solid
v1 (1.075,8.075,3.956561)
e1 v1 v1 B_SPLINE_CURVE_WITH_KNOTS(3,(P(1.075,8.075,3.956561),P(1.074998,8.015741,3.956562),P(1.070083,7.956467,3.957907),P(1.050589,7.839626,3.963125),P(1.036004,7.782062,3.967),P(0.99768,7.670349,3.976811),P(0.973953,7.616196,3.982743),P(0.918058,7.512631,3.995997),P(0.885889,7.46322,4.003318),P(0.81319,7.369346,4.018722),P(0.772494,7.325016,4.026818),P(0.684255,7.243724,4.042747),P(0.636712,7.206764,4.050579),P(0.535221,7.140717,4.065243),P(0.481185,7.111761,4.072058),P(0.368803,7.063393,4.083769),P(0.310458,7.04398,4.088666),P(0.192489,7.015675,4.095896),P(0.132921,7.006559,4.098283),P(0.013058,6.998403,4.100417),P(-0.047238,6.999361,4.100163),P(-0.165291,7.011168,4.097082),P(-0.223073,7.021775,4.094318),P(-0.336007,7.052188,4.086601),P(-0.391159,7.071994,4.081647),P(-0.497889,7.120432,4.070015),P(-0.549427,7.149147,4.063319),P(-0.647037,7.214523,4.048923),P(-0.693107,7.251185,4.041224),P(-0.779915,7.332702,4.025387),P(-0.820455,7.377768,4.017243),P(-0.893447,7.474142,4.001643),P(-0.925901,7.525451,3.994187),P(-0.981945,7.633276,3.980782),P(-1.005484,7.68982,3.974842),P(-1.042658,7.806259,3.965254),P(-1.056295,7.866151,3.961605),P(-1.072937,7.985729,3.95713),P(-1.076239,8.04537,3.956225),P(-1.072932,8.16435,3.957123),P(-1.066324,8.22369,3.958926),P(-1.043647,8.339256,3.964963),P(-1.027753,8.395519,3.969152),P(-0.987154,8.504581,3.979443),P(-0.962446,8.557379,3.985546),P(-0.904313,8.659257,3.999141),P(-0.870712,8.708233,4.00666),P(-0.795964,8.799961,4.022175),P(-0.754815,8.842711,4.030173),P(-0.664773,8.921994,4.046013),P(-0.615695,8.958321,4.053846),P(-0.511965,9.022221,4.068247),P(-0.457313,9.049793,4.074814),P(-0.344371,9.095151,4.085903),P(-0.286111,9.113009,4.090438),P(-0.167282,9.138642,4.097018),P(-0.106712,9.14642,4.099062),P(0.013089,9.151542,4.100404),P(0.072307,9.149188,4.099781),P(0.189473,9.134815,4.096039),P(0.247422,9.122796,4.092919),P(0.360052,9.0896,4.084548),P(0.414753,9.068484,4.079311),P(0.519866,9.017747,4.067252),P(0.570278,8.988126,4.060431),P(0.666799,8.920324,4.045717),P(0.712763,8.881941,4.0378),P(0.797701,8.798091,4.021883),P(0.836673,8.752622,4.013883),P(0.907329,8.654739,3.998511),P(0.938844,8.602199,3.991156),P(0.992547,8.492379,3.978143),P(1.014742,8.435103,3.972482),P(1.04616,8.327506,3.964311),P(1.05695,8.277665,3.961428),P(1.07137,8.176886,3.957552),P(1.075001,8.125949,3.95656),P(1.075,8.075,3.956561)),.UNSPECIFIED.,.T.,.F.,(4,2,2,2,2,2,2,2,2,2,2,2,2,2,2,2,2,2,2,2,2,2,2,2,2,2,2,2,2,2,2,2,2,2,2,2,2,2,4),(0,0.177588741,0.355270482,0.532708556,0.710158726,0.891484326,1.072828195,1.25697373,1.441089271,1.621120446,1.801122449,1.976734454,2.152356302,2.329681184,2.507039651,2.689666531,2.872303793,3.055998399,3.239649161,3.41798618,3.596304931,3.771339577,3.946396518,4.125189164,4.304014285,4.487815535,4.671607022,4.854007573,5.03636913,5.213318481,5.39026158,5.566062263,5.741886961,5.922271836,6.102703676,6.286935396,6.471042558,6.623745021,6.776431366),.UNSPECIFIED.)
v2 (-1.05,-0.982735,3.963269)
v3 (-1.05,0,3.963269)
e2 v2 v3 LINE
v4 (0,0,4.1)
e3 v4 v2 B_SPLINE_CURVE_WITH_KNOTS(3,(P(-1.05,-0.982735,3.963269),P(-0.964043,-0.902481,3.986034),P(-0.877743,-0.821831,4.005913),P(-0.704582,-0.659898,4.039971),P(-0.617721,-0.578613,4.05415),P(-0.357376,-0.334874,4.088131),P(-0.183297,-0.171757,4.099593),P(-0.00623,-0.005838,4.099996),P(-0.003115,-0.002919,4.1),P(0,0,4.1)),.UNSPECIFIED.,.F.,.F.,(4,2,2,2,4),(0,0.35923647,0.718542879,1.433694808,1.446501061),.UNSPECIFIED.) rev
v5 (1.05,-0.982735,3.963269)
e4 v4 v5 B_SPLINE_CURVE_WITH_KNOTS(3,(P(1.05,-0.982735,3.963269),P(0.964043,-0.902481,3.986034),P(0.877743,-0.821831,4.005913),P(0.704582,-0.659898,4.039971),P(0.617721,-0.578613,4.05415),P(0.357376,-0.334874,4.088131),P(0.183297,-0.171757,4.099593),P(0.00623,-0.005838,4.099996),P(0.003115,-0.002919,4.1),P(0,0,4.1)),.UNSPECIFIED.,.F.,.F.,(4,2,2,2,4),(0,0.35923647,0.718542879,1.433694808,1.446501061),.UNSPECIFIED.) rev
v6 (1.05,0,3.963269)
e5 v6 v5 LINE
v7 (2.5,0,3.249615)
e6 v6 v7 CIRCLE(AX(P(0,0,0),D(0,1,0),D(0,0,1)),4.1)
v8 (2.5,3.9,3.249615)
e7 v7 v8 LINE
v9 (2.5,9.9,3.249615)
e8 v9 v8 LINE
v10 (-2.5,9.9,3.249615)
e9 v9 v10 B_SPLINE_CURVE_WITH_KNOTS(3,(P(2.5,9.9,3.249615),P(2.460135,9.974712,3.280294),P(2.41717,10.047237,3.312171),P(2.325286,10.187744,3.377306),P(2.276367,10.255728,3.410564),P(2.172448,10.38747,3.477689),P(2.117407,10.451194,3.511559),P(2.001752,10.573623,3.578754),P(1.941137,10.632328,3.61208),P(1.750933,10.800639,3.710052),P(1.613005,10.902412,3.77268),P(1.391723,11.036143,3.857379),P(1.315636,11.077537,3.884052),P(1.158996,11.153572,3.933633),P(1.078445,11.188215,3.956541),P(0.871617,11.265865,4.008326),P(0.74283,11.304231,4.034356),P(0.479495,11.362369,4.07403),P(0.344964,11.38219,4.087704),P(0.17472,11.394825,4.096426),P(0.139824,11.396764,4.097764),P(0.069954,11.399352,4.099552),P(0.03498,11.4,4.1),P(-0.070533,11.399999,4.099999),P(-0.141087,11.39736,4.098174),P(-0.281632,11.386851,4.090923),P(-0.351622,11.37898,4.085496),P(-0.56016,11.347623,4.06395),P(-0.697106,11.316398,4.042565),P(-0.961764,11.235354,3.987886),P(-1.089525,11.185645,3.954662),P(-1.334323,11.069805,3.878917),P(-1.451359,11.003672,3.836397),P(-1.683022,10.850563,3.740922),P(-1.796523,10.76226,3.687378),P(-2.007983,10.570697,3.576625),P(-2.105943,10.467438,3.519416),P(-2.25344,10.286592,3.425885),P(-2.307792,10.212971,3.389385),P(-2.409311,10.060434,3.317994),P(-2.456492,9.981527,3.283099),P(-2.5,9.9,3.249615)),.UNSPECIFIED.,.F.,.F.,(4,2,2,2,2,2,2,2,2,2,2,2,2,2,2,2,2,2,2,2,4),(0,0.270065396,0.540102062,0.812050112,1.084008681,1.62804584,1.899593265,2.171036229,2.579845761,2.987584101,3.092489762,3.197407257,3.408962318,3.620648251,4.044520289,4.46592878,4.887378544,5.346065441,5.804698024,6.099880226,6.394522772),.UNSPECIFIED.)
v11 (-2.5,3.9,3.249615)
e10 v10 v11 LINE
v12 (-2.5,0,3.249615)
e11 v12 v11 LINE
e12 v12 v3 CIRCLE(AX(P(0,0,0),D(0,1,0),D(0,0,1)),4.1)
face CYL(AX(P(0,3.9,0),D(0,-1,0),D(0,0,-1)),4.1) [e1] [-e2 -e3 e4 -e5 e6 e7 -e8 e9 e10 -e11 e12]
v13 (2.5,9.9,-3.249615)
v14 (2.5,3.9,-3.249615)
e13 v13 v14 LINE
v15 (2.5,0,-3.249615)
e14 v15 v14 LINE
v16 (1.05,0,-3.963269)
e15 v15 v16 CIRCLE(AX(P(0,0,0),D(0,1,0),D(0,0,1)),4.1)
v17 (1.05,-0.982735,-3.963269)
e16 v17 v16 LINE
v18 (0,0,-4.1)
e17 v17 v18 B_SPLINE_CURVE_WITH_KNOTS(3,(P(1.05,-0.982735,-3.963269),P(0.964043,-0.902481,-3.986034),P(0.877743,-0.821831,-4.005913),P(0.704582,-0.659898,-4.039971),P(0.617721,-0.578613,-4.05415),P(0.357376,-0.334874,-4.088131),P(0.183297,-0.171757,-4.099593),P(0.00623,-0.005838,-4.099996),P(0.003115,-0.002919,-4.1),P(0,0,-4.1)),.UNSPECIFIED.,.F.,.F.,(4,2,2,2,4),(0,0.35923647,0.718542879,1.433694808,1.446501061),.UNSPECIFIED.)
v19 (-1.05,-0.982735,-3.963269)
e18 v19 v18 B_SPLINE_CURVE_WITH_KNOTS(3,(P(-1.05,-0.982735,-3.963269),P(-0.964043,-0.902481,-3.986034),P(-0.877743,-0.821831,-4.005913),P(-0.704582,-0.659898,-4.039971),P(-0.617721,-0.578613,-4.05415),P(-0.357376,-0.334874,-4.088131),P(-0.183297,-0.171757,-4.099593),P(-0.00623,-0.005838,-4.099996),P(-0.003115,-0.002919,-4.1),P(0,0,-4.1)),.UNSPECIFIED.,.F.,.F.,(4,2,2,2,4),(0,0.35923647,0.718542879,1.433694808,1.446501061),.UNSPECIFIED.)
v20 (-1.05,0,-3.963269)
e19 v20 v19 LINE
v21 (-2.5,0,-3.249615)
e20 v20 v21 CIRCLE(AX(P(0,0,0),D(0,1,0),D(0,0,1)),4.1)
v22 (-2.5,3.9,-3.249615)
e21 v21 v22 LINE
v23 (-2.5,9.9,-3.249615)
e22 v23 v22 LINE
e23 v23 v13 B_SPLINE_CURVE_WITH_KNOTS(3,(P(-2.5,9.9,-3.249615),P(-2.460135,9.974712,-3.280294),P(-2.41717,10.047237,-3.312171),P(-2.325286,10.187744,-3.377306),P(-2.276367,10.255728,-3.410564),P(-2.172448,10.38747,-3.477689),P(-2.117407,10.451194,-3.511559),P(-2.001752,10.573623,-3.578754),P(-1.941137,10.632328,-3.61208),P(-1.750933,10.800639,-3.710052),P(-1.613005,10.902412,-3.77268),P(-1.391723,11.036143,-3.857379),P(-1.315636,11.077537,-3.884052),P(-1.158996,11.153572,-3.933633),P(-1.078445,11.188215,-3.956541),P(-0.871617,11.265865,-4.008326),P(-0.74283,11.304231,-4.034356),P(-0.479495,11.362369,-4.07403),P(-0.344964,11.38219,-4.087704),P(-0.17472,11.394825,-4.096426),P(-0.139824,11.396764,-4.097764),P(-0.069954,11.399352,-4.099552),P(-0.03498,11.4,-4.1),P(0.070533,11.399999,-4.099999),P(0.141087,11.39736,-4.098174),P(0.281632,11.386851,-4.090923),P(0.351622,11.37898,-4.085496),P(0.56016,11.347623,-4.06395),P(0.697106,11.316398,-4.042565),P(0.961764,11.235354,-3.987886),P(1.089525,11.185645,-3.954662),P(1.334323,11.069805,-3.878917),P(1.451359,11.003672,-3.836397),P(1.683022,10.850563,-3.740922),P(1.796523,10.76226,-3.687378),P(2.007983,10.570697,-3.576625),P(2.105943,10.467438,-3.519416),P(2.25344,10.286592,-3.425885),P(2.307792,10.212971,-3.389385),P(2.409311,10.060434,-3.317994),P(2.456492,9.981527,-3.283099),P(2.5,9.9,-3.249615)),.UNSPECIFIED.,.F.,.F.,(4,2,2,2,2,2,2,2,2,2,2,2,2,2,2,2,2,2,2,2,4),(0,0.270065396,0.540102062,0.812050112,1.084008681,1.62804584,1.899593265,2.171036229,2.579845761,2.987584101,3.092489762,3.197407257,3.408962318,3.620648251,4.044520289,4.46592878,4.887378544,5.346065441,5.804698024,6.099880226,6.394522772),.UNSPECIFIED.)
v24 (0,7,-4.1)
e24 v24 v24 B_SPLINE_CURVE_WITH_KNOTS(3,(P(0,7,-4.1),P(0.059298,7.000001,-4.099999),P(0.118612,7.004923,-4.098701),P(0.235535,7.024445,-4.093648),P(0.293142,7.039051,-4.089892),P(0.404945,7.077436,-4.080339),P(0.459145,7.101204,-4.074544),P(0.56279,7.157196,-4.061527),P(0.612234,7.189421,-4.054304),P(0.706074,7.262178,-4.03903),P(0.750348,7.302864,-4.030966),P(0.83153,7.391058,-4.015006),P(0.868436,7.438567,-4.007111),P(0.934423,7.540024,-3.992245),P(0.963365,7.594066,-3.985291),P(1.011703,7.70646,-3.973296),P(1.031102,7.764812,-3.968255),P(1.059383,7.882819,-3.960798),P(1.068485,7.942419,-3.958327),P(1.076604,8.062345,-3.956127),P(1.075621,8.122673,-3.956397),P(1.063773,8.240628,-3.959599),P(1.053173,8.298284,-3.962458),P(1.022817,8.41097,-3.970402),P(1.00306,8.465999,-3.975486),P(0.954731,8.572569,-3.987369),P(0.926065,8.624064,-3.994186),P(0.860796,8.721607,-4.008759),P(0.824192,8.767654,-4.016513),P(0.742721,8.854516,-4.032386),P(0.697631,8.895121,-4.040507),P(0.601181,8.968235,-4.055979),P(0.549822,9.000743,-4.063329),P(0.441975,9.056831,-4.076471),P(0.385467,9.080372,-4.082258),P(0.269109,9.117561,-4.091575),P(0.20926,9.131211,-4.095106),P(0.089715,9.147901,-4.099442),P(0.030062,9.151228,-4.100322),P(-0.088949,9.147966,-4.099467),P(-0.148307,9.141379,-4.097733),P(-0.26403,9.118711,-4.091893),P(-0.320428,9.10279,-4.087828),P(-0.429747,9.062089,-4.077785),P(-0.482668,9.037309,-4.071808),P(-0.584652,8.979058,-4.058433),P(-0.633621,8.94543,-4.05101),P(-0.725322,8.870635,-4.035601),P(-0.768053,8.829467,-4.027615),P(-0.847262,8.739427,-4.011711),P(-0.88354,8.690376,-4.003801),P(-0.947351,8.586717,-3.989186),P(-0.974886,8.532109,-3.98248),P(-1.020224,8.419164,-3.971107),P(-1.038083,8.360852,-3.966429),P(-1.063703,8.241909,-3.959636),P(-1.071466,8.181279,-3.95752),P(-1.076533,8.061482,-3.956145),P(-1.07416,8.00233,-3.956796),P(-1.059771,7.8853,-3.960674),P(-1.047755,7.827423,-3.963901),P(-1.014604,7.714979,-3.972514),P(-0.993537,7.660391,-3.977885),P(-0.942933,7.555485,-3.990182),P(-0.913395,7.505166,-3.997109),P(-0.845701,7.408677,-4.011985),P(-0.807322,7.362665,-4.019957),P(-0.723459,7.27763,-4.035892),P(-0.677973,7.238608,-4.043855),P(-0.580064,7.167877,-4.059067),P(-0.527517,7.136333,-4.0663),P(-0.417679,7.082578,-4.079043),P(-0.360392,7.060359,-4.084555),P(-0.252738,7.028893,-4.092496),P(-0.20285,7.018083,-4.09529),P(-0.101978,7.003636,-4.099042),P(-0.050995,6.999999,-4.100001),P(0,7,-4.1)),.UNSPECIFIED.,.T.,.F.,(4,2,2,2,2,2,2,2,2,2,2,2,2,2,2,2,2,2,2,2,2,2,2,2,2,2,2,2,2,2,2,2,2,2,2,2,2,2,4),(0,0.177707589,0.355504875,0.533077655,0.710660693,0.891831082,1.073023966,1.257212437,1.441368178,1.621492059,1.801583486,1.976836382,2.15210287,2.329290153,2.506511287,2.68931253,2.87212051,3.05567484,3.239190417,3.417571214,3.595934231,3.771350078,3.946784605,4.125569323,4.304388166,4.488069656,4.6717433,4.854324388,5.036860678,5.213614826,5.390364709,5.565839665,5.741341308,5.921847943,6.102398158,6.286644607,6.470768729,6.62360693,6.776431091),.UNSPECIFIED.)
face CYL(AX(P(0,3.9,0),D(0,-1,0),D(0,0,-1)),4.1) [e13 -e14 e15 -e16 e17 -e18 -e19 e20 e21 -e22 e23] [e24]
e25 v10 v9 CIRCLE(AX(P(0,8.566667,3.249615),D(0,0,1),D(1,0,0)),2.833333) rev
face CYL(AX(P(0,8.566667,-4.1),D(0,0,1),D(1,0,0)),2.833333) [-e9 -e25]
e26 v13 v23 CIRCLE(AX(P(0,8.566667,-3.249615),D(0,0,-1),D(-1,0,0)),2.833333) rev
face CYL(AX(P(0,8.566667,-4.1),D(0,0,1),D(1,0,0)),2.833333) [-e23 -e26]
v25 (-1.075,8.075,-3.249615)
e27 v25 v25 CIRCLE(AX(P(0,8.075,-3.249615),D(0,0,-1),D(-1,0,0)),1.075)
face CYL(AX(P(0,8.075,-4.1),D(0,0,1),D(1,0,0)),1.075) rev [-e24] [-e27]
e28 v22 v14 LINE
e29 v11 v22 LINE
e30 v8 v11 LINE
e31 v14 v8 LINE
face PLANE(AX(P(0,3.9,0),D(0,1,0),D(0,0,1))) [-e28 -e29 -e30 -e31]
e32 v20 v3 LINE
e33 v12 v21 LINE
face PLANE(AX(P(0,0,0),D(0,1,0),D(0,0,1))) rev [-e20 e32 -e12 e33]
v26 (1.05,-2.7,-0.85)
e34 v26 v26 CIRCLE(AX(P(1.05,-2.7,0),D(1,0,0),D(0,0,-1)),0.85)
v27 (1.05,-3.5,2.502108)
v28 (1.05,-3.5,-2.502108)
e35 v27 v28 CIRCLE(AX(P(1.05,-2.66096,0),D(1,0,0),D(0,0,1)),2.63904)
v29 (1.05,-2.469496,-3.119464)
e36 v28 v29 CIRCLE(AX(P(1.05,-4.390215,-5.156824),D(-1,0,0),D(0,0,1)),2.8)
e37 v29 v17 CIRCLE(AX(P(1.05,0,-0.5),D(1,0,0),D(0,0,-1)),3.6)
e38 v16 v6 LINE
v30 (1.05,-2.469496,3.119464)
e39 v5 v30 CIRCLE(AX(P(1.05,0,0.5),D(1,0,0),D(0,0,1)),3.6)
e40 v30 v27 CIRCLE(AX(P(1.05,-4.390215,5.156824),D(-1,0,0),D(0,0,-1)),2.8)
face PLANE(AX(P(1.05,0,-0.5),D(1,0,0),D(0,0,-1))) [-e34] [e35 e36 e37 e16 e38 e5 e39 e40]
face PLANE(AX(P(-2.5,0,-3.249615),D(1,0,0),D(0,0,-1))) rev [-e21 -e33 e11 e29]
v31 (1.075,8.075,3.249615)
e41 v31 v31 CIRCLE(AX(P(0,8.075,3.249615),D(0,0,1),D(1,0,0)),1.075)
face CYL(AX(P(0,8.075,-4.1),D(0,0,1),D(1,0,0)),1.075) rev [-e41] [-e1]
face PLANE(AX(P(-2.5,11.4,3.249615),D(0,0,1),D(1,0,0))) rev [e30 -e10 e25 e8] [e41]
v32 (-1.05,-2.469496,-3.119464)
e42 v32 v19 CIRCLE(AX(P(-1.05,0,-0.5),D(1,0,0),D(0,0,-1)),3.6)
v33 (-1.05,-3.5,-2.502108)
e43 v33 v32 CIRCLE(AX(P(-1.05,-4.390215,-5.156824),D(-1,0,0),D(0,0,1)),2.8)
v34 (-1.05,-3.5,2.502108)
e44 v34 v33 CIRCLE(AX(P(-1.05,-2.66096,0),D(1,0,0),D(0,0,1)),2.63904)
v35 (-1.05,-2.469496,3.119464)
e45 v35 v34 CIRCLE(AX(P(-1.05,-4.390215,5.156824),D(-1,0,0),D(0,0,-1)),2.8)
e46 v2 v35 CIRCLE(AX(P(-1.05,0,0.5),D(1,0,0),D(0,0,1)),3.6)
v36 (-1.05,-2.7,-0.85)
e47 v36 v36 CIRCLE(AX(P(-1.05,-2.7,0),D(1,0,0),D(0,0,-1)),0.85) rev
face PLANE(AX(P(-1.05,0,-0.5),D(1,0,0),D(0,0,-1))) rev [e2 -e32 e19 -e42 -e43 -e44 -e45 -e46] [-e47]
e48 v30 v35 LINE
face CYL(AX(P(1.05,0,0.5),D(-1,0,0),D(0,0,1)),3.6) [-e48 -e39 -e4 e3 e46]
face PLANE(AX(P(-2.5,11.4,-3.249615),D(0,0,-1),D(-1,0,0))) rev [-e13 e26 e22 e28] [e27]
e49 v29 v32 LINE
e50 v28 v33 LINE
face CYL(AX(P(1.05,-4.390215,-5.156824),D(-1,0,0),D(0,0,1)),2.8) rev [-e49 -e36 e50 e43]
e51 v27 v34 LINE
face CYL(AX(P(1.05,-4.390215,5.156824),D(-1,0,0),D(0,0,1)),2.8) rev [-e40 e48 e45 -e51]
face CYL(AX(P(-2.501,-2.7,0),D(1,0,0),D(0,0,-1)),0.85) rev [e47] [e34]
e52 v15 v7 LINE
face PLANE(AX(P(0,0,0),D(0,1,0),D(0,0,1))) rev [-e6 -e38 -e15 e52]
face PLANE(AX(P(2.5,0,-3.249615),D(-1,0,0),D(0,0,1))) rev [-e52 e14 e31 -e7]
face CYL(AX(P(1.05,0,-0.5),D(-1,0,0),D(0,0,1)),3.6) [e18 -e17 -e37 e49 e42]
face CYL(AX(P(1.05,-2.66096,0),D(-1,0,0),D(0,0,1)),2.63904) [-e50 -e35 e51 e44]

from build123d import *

# Parameters (mm, degrees)
SKETCH2_R               = 4.1
BOSS_EXTRUDE1_DEPTH     = 3.9
CUT_EXTRUDE1_DEPTH      = 7.987846592
BOSS_EXTRUDE2_DEPTH     = 7.5
CUT_EXTRUDE2_DEPTH      = 15.263590011
CUT_EXTRUDE2_DEPTH_BACK = 15.263590011
SKETCH5_R               = 1.075
CUT_EXTRUDE3_DEPTH      = 15.263590166
BOSS_EXTRUDE3_DEPTH     = 1.05
CUT_EXTRUDE4_DEPTH      = 13.370125448
CUT_EXTRUDE5_REACH      = 14.624
SKETCH9_R               = 0.85


with BuildPart() as part:
    # Sketch2 → Boss-Extrude1 (new body)
    with BuildSketch(Plane(origin=(0, 0, 0), x_dir=(1, 0, 0), z_dir=(0, 1, 0))):
        with Locations(Location((0, 0, 0), (0, 0, 270))):
            Circle(SKETCH2_R)
    extrude(amount=BOSS_EXTRUDE1_DEPTH)

    # Sketch3 → Cut-Extrude1 (cut, through all)
    with BuildSketch(Plane(origin=(0, 3.9, 0), x_dir=(1, 0, 0), z_dir=(0, 1, 0))):
        with BuildLine():
            Line((-2.5, 3.249615362), (-2.5, -3.249615362))
            ThreePointArc((-2.5, -3.249615362), (-4.1, 0), (-2.5, 3.249615362))
        make_face()
        with BuildLine():
            Line((2.5, 3.249615362), (2.5, -3.249615362))
            ThreePointArc((2.5, -3.249615362), (4.1, 0), (2.5, 3.249615362))
        make_face()
    extrude(amount=-CUT_EXTRUDE1_DEPTH, mode=Mode.SUBTRACT)

    # Sketch4 → Boss-Extrude2 (add)
    with BuildSketch(Plane(origin=(0, 3.9, 0), x_dir=(1, 0, 0), z_dir=(0, 1, 0))):
        with BuildLine():
            Line((-2.5, -3.249615362), (2.5, -3.249615362))
            ThreePointArc((2.5, -3.249615362), (0, -4.1), (-2.5, -3.249615362))
        make_face()
        with BuildLine():
            Line((-2.5, 3.249615362), (2.5, 3.249615362))
            ThreePointArc((2.5, 3.249615362), (0, 4.1), (-2.5, 3.249615362))
        make_face()
    extrude(amount=BOSS_EXTRUDE2_DEPTH)

    # Sketch5 → Cut-Extrude2 (cut, two sides: drawn at the far end of the back side and taken through both)
    with BuildSketch(Plane.XY.offset(4.1).offset(-CUT_EXTRUDE2_DEPTH_BACK)):
        with Locations(Location((0, 8.075, 0), (0, 0, 270))):
            Circle(SKETCH5_R)
    extrude(amount=CUT_EXTRUDE2_DEPTH + CUT_EXTRUDE2_DEPTH_BACK, mode=Mode.SUBTRACT)

    # Sketch6 → Cut-Extrude3 (cut, through all)
    with BuildSketch(Plane.XY.offset(4.1)):
        with BuildLine():
            Line((-2.5, 9.9), (-2.5, 11.4))
            Line((-2.5, 11.4), (0, 11.4))
            ThreePointArc((0, 11.4), (-1.457737974, 10.996229956), (-2.5, 9.9))
        make_face()
    cut_extrude3 = extrude(amount=-CUT_EXTRUDE3_DEPTH, mode=Mode.SUBTRACT)

    # Mirror1: Cut-Extrude3 across plane
    add(cut_extrude3.mirror(Plane(origin=(0, 0, 0), x_dir=(0, 0, 1), z_dir=(1, 0, 0))), mode=Mode.SUBTRACT)

    # Sketch7 → Boss-Extrude3 (add, symmetric)
    with BuildSketch(Plane(origin=(0, 0, 0), x_dir=(0, 0, -1), z_dir=(1, 0, 0))):
        with BuildLine():
            Line((4.1, 0), (-4.1, 0))
            ThreePointArc((-4.1, 0), (-3.845898176, -1.328520002), (-3.11946367, -2.469495917))
            ThreePointArc((-3.11946367, -2.469495917), (-2.754870811, -2.951250255), (-2.502108249, -3.5))
            ThreePointArc((-2.502108249, -3.5), (0, -5.3), (2.502108249, -3.5))
            ThreePointArc((2.502108249, -3.5), (2.754870811, -2.951250255), (3.11946367, -2.469495917))
            ThreePointArc((3.11946367, -2.469495917), (3.845898176, -1.328520002), (4.1, 0))
        make_face()
    extrude(amount=BOSS_EXTRUDE3_DEPTH, both=True)

    # Sketch8 → Cut-Extrude4 (cut, through all)
    with BuildSketch(Plane(origin=(0, 0, 0), x_dir=(1, 0, 0), z_dir=(0, 1, 0))):
        with BuildLine():
            Line((-1.05, -3.963268853), (-1.05, -4.1))
            Line((-1.05, -4.1), (0, -4.1))
            ThreePointArc((0, -4.1), (-0.529432575, -4.065673517), (-1.05, -3.963268853))
        make_face()
        with BuildLine():
            Line((-1.05, 4.1), (0, 4.1))
            ThreePointArc((0, 4.1), (-0.529432575, 4.065673517), (-1.05, 3.963268853))
            Line((-1.05, 3.963268853), (-1.05, 4.1))
        make_face()
    cut_extrude4 = extrude(amount=-CUT_EXTRUDE4_DEPTH, mode=Mode.SUBTRACT)

    # Mirror2: Cut-Extrude4 across plane
    add(cut_extrude4.mirror(Plane(origin=(0, 0, 0), x_dir=(0, 0, 1), z_dir=(1, 0, 0))), mode=Mode.SUBTRACT)

    # Sketch9 → Cut-Extrude5 (cut, up to next)
    with BuildSketch(Plane(origin=(1.05, 0, 0), x_dir=(0, 0, -1), z_dir=(1, 0, 0)), mode=Mode.PRIVATE) as cut_extrude5_sk1:
        with Locations((0, -2.7)):
            Circle(SKETCH9_R)
    cut_extrude5_tool1 = extrude(cut_extrude5_sk1.sketch, amount=-CUT_EXTRUDE5_REACH, mode=Mode.PRIVATE) & part.part
    add(cut_extrude5_tool1.solids().sort_by_distance((1.05, -2.7, 0))[0], mode=Mode.SUBTRACT)


solid = part.part
